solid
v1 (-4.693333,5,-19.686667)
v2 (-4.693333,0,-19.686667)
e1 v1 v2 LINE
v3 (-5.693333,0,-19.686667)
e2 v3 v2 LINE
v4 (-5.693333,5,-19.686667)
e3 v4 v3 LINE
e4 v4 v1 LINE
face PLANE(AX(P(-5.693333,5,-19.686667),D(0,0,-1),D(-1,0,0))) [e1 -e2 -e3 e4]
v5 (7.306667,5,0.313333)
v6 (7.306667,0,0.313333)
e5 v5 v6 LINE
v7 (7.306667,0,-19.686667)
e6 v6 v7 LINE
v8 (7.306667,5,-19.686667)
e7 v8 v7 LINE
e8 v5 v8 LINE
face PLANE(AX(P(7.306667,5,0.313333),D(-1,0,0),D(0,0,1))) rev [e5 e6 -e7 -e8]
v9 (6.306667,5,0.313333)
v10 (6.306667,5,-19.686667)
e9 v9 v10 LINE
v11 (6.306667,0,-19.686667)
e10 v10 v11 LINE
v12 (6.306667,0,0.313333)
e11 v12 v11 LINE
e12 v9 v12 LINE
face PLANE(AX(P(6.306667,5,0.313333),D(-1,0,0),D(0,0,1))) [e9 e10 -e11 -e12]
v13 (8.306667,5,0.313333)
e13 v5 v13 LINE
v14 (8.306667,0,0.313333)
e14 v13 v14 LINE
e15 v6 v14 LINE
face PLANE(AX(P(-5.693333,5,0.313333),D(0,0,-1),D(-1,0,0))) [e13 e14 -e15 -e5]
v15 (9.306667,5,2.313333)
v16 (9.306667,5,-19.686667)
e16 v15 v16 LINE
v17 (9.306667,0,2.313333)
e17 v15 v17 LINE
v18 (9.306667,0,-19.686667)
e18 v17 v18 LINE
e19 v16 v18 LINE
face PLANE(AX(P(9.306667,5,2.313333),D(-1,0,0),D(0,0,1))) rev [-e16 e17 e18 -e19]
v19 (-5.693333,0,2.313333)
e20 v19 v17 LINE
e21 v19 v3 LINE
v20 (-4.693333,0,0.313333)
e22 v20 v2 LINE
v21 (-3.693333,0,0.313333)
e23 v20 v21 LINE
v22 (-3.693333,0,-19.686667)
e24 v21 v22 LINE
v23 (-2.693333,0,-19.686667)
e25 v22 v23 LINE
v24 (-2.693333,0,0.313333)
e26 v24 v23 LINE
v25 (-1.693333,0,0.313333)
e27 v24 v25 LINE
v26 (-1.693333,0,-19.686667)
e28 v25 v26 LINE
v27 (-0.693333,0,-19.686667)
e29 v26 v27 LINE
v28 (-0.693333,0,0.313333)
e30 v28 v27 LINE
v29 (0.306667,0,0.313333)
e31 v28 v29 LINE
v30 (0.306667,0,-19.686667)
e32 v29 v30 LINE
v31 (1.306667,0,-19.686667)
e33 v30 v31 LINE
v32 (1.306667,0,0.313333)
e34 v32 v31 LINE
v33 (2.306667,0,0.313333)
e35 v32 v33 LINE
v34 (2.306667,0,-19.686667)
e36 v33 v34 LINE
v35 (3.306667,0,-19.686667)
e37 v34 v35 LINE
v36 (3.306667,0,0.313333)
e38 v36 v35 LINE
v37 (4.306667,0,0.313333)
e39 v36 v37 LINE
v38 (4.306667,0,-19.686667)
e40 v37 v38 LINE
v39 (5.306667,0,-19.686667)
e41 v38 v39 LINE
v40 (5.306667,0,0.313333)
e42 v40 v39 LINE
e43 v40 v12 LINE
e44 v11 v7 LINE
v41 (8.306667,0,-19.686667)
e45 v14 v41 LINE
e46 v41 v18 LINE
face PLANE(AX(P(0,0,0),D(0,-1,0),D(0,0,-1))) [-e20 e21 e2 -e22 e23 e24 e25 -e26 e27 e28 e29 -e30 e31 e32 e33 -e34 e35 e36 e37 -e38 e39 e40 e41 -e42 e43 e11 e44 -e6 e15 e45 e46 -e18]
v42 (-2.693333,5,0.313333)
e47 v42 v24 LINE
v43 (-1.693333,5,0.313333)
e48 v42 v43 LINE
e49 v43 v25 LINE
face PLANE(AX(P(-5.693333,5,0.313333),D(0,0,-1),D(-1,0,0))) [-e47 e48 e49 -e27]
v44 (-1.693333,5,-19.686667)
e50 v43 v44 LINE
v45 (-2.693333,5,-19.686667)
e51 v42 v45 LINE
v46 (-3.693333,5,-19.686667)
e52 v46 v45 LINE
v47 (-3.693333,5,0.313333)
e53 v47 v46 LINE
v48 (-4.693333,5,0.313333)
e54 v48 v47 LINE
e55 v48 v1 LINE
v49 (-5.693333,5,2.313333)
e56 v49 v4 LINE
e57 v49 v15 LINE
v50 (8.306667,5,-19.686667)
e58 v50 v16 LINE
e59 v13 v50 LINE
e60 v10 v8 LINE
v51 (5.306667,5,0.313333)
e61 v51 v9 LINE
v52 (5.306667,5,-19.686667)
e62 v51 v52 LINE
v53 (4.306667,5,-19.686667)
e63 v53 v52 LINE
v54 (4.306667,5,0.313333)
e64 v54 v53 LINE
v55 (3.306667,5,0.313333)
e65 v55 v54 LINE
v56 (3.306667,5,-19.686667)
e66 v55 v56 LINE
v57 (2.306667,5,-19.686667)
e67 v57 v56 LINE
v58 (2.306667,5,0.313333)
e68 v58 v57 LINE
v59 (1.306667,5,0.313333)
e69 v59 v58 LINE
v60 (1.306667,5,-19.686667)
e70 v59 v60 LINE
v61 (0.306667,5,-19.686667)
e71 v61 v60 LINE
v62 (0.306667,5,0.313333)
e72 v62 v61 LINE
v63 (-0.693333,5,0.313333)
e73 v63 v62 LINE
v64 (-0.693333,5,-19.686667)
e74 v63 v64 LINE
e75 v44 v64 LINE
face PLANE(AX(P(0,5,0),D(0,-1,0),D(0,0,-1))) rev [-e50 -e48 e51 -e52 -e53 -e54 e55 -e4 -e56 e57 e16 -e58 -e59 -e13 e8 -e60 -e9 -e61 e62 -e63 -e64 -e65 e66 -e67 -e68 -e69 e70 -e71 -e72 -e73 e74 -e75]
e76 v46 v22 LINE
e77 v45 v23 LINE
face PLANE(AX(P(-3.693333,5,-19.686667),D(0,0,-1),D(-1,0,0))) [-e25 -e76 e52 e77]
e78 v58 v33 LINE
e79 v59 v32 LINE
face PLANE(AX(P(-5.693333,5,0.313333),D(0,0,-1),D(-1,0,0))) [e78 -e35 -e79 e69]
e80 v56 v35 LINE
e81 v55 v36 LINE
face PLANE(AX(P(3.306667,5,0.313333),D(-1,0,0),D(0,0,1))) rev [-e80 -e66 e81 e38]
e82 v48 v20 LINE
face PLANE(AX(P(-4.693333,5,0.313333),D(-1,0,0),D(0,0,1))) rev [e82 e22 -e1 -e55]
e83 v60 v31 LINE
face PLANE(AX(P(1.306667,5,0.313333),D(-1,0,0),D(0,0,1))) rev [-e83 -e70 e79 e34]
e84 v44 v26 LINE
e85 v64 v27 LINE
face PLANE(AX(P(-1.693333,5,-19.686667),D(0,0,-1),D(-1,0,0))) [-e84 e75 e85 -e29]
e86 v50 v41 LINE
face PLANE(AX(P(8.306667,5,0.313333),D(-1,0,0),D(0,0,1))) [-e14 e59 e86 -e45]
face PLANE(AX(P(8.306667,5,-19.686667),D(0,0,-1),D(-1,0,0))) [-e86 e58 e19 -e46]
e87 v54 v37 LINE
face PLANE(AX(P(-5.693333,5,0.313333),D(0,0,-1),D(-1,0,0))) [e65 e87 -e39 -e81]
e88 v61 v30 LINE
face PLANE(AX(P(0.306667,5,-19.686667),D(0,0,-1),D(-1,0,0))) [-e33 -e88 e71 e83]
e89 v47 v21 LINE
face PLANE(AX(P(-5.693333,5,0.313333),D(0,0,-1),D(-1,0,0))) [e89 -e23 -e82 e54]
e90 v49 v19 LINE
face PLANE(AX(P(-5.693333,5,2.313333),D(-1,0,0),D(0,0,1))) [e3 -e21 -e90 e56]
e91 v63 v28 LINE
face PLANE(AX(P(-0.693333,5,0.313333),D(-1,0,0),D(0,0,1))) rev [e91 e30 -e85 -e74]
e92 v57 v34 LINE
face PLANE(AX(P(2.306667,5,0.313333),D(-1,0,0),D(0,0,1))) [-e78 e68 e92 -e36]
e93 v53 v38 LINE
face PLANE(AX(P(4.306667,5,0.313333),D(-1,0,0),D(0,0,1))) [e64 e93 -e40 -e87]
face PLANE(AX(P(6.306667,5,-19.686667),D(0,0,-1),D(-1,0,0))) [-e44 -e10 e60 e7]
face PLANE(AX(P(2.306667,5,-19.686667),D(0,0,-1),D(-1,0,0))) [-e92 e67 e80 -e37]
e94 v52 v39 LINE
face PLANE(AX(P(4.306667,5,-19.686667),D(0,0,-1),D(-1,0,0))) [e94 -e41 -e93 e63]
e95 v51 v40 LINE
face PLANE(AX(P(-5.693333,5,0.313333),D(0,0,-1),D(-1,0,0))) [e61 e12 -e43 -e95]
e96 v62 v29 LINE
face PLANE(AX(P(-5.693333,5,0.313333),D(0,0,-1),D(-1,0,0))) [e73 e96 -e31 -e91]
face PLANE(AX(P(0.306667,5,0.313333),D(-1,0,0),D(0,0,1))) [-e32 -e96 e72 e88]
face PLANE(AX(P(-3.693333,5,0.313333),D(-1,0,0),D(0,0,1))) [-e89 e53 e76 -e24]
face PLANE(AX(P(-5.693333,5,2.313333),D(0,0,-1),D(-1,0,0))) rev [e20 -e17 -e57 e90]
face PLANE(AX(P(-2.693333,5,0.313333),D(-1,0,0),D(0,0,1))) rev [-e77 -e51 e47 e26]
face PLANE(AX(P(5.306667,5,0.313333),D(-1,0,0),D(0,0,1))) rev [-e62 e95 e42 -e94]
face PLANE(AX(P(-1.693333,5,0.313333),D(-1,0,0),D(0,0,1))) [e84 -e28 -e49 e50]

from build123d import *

# Parameters (mm, degrees)
SKETCH1_W           = 15
SKETCH1_H           = 2
BOSS_EXTRUDE1_DEPTH = 5
SKETCH1_3_W         = 1
SKETCH1_3_H         = 20
BOSS_EXTRUDE2_DEPTH = 5
LPATTERN1_COUNT     = 8
LPATTERN1_PITCH     = 2


with BuildPart() as part:
    # Sketch1 → Boss-Extrude1 (new body)
    with BuildSketch(Plane(origin=(0, 0, 0), x_dir=(1, 0, 0), z_dir=(0, 1, 0))):
        with Locations((1.806666667, -1.313333333)):
            Rectangle(SKETCH1_W, SKETCH1_H)
    extrude(amount=BOSS_EXTRUDE1_DEPTH)

    # Sketch1<3> → Boss-Extrude2 (add)
    with BuildSketch(Plane(origin=(0, 0, 0), x_dir=(1, 0, 0), z_dir=(0, 1, 0))):
        with Locations((-5.193333333, 9.686666667)):
            Rectangle(SKETCH1_3_W, SKETCH1_3_H)
    boss_extrude2 = extrude(amount=BOSS_EXTRUDE2_DEPTH)

    # LPattern1: Boss-Extrude2 ×8
    with Locations(*[(i * LPATTERN1_PITCH, 0, 0) for i in range(1, LPATTERN1_COUNT)]):
        add(boss_extrude2)


solid = part.part
